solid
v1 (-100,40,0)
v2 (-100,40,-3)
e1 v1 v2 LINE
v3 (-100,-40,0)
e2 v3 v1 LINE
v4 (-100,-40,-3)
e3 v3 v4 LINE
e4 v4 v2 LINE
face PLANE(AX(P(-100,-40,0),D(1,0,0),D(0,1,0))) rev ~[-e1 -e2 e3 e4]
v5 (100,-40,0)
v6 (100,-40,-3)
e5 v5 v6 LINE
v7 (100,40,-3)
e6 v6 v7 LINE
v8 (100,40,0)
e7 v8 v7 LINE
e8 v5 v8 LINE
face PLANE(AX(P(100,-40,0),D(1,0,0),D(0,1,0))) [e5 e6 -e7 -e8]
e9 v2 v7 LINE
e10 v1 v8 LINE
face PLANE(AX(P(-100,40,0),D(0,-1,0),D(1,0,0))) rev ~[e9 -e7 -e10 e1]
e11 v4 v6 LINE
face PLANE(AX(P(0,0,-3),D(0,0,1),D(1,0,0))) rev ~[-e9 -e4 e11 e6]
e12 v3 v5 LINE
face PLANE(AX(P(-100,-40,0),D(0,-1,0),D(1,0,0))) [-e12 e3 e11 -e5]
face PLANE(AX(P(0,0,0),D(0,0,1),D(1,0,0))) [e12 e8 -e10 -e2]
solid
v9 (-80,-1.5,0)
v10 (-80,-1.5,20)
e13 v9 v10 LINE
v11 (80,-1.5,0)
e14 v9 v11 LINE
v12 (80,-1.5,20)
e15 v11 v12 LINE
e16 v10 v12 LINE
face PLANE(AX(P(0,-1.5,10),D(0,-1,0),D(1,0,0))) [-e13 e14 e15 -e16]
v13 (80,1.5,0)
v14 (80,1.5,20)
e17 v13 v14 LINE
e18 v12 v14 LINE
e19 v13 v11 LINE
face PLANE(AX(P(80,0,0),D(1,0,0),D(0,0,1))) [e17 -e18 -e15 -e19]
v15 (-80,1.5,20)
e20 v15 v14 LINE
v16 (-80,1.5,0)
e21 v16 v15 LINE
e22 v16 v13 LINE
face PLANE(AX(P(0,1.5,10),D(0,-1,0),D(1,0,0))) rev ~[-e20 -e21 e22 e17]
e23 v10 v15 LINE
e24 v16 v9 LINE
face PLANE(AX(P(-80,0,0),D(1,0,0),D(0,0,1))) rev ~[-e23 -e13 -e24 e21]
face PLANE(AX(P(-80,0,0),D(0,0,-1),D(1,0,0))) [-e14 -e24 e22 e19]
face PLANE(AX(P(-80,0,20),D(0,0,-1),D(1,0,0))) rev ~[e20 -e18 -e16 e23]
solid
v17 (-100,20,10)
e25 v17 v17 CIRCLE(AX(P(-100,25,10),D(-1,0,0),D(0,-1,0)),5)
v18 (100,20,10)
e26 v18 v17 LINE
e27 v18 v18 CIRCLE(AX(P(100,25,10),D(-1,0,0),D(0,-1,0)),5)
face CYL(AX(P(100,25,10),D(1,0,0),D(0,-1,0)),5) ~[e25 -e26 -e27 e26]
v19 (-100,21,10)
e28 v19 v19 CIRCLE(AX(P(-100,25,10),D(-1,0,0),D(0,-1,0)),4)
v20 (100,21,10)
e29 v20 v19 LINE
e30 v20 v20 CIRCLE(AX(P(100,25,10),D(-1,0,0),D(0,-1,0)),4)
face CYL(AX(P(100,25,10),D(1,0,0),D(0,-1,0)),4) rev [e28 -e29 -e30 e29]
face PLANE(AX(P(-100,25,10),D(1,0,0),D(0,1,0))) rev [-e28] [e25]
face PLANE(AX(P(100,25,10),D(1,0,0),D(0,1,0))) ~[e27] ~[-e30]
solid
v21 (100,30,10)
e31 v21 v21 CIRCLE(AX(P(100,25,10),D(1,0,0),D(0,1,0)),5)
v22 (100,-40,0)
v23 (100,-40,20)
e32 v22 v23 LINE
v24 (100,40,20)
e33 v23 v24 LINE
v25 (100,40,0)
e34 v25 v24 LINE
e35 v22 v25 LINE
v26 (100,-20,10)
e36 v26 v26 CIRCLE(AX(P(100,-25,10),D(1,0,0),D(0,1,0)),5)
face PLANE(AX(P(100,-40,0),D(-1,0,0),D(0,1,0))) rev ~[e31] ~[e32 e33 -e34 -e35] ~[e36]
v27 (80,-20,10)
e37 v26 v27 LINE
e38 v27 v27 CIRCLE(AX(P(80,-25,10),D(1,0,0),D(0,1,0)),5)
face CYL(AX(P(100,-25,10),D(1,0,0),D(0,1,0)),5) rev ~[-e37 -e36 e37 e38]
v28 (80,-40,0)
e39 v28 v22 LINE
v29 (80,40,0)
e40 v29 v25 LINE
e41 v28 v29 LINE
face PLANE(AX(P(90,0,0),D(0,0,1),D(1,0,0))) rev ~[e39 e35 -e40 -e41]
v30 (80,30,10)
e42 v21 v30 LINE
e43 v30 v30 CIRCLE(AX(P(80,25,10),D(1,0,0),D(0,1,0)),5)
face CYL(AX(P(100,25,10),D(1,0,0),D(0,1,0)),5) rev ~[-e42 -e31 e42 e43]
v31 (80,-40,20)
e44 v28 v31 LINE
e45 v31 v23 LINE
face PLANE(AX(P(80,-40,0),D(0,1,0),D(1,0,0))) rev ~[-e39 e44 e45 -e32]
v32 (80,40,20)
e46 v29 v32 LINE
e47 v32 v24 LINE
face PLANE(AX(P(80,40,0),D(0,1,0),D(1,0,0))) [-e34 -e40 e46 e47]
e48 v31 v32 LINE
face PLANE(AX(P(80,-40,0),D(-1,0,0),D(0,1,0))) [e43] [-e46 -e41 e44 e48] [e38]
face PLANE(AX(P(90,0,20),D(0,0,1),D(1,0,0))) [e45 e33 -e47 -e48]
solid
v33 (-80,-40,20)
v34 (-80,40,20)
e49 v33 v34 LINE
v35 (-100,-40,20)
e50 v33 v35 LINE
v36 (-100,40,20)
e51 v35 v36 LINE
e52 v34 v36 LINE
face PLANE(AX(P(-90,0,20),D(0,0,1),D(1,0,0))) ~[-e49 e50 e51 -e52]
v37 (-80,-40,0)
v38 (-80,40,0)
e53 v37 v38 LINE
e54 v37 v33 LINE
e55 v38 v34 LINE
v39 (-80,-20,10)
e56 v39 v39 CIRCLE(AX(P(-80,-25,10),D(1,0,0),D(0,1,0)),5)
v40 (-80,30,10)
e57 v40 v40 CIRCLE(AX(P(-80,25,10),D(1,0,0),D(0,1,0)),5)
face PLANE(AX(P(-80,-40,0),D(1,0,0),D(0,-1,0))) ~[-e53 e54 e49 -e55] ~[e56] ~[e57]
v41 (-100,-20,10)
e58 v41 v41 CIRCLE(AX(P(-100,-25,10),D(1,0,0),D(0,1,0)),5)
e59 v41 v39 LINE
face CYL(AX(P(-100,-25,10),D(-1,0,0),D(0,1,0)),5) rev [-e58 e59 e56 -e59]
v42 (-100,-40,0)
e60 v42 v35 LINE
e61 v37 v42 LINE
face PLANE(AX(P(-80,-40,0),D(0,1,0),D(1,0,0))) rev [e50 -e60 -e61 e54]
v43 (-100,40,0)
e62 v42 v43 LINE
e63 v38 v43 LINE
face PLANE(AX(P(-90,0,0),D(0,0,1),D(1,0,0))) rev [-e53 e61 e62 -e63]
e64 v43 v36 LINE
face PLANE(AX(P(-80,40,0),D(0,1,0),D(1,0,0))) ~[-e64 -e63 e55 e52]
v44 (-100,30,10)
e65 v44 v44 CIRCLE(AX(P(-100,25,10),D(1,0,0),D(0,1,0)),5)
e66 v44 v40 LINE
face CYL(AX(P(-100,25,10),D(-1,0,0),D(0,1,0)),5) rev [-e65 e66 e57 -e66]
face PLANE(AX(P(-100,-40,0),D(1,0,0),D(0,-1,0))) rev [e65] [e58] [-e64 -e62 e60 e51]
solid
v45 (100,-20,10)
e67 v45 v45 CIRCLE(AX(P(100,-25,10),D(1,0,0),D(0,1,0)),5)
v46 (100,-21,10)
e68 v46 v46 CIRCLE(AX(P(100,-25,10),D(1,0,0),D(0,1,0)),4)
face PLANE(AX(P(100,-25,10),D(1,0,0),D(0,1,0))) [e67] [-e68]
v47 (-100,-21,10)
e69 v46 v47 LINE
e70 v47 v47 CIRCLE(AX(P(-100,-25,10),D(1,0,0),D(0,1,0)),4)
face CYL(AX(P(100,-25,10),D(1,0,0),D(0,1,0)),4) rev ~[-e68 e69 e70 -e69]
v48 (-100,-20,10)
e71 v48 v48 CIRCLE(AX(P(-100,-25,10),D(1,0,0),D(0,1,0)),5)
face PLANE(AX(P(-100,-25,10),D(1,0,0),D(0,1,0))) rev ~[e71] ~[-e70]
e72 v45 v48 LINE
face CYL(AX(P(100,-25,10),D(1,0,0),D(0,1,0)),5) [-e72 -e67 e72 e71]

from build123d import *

# Parameters (mm, degrees)
F0_W      = 200
F0_H      = 80
F1_DEPTH  = 3.0000000261
F2_W      = 20
F2_H      = 80
F3_DEPTH  = 20
F4_R      = 5
F5_DEPTH  = 25
F7_W      = 160
F7_H      = 20
F8_DEPTH  = 1.5
F9_R      = 5
F9_R_2    = 4
F10_DEPTH = 200


with BuildPart() as f1:
    # F0 (on Top) → F1 (new body)
    with BuildSketch(Plane.XY):
        Rectangle(F0_W, F0_H)
    extrude(amount=-F1_DEPTH)


with BuildPart() as f3:
    # F2 (on face) → F3 (new body)
    with BuildSketch(Plane.XY):
        with Locations((90, 0)):
            Rectangle(F2_W, F2_H)
    extrude(amount=F3_DEPTH)

    # F4 (on face) → F5 (cut)
    with BuildSketch(Plane.YZ.offset(100)):
        with Locations((-25, 10)):
            Circle(F4_R)
        with Locations((25, 10)):
            Circle(F4_R)
    extrude(amount=-F5_DEPTH, mode=Mode.SUBTRACT)


with BuildPart() as f6_1:
    # F6: instance of F3
    add(f3.part.mirror(Plane.YZ))


with BuildPart() as f8:
    # F7 (on Front) → F8 (new body, symmetric)
    with BuildSketch(Plane.XZ):
        with Locations((0, 10)):
            Rectangle(F7_W, F7_H)
    extrude(amount=F8_DEPTH, both=True)


with BuildPart() as f10:
    # F9 (on face) → F10 (new body, through all)
    with BuildSketch(Plane.YZ.offset(100)):
        with Locations((-25, 10)):
            Circle(F9_R)
        with Locations((-25, 10)):
            Circle(F9_R_2, mode=Mode.SUBTRACT)
    extrude(amount=-F10_DEPTH)


with BuildPart() as f11_1:
    # F11: instance of F10
    add(f10.part.mirror(Plane.XZ))


solid = Compound([f1.part, f3.part, f6_1.part, f8.part, f10.part, f11_1.part])
